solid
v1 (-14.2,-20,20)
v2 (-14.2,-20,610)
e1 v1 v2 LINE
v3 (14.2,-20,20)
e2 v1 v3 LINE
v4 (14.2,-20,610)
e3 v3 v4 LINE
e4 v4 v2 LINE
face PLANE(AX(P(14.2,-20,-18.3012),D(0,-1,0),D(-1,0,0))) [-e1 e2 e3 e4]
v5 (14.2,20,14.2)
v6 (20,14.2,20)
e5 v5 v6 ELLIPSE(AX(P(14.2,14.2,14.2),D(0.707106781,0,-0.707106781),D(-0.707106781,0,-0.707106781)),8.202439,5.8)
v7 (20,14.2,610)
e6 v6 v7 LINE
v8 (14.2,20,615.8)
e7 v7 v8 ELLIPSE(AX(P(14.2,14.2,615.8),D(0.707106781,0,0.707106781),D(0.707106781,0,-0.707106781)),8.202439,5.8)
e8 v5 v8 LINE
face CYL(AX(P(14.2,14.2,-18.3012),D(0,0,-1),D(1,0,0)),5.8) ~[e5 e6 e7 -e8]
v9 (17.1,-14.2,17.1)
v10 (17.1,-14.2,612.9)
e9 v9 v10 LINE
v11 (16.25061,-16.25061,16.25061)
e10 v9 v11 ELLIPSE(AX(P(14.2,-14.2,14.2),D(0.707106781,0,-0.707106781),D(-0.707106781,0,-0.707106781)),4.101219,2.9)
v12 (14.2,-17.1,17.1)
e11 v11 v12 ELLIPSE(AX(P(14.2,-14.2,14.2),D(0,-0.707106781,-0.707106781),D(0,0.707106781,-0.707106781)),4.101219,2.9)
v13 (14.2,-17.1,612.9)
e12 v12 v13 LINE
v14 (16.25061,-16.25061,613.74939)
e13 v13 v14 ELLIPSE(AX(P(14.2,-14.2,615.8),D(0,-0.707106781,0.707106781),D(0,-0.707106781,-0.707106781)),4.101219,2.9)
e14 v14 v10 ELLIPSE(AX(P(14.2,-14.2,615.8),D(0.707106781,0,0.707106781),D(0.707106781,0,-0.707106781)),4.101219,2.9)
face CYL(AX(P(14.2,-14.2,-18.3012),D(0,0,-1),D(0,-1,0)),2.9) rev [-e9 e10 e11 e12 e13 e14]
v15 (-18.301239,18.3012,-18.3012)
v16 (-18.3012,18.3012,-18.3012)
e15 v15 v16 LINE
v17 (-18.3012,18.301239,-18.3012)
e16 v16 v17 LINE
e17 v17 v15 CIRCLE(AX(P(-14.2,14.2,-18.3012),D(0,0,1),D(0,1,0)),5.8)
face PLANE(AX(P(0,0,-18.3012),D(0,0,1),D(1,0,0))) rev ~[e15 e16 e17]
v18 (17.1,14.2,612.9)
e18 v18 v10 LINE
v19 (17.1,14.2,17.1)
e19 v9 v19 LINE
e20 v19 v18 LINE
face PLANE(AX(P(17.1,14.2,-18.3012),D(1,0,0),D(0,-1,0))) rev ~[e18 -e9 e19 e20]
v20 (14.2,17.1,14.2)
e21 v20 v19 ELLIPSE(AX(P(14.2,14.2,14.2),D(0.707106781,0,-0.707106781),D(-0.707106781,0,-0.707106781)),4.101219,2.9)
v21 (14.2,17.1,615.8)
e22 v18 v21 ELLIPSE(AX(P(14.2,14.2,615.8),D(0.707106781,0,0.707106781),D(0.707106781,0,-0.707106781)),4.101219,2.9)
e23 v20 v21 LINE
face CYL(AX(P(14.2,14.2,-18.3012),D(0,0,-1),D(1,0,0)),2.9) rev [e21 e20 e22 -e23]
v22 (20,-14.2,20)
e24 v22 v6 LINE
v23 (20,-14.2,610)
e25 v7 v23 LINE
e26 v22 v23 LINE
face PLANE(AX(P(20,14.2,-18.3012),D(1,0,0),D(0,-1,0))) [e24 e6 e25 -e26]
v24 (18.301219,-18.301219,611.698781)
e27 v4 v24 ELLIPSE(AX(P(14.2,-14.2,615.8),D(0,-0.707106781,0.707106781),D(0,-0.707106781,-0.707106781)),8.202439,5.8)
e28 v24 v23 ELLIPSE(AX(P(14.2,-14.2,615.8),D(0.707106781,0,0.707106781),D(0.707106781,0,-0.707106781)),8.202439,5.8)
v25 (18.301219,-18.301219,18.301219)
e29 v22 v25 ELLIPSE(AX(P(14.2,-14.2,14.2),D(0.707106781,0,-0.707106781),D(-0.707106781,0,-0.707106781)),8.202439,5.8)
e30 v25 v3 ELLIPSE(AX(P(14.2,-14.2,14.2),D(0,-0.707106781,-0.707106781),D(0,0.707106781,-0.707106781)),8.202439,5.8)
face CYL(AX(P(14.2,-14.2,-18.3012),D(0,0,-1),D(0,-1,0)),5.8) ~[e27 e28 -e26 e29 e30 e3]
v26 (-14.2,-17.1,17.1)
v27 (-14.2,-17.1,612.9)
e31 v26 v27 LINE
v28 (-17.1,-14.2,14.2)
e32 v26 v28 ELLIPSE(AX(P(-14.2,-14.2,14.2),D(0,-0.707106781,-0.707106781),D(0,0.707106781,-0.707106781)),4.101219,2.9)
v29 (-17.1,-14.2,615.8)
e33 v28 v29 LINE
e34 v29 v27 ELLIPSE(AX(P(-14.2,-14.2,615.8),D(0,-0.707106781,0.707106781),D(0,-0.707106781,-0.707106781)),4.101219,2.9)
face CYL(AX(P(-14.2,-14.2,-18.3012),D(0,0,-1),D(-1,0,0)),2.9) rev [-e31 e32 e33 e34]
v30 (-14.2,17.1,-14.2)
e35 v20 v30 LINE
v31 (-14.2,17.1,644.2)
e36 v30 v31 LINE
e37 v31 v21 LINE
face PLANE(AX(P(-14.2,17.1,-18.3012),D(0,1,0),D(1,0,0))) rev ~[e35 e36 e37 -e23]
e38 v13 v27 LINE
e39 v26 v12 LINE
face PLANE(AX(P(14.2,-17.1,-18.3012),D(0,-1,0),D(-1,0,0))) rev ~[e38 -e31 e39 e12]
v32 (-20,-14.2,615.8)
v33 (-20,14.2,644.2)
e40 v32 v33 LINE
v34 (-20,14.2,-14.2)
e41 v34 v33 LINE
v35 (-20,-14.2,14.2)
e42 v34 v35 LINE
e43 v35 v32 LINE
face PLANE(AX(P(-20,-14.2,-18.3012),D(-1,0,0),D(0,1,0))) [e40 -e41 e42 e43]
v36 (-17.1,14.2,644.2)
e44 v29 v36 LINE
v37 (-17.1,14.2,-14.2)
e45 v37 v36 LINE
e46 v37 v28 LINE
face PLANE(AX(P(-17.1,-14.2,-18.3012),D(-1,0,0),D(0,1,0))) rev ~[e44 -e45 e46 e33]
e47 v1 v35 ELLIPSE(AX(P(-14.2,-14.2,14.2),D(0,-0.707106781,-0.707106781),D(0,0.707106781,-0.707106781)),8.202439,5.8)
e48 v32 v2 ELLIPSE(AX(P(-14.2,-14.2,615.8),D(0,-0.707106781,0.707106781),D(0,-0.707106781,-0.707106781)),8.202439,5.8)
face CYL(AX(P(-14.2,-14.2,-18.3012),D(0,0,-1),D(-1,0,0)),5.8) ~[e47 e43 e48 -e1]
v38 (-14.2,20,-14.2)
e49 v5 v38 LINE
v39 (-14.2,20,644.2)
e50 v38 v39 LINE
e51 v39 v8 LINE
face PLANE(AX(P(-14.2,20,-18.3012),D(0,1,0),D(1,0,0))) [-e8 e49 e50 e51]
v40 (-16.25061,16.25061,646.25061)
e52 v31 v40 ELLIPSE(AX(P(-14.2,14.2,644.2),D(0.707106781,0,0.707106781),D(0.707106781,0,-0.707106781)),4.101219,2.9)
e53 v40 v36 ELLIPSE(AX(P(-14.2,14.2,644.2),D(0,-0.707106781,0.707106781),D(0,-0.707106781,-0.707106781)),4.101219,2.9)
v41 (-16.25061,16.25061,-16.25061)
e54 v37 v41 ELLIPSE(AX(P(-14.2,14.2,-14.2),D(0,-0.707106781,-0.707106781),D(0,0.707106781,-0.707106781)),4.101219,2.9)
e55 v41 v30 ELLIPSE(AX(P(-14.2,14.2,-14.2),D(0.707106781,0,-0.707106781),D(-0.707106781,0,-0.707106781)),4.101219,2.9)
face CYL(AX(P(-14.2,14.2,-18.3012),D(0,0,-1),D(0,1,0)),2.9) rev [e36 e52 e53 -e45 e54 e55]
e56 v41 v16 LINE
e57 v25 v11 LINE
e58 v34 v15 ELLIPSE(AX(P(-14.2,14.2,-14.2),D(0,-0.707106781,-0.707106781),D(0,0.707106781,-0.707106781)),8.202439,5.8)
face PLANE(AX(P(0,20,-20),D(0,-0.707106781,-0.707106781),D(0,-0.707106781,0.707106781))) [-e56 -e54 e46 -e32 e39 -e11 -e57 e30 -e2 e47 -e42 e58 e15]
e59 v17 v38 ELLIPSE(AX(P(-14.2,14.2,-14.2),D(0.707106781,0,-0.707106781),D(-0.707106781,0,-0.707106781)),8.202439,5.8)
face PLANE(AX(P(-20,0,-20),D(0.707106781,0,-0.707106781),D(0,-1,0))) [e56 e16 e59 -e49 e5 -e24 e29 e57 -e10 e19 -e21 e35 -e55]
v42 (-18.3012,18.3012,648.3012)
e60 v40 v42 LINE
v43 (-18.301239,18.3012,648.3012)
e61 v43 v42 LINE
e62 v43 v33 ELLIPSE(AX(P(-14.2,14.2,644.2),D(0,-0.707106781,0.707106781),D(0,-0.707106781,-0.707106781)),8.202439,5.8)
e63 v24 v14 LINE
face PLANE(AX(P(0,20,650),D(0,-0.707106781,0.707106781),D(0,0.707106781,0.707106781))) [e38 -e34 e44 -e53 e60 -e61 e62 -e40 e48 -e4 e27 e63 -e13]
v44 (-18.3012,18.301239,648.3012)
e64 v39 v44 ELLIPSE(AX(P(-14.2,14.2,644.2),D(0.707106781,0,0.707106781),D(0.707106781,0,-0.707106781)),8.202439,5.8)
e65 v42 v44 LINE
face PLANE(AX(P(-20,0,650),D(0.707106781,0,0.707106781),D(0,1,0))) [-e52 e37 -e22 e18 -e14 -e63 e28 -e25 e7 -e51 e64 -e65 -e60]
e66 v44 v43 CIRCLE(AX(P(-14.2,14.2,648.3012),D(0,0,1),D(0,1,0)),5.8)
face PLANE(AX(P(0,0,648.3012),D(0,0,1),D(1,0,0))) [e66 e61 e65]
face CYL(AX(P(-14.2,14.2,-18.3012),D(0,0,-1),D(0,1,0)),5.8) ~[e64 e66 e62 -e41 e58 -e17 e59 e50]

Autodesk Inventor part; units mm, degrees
ref_plane "Plano inicial" through (0, 0, -18.3012) normal (0, 0, 1) x (1, 0, 0)
ref_plane "Plano final" through (0, 0, 648.3012) normal (0, 0, 1) x (1, 0, 0)
sketch "Boceto" plane through (0, 0, 0) normal (0, 0, 1) x (1, 0, 0)
  line L0 (-14.2, 20) -> (14.2, 20)
  line L1 (20, 14.2) -> (20, -14.2)
  line L2 (14.2, -20) -> (-14.2, -20)
  line L3 (-20, -14.2) -> (-20, 14.2)
  arc A0 (-14.2, 20) -> (-20, 14.2) centre (-14.2, 14.2) ccw
  arc A1 (20, 14.2) -> (14.2, 20) centre (14.2, 14.2) ccw
  arc A2 (14.2, -20) -> (20, -14.2) centre (14.2, -14.2) ccw
  arc A3 (-20, -14.2) -> (-14.2, -20) centre (-14.2, -14.2) ccw
  line L4 (-29.6817, 0) -> (29.6817, 0) construction
  line L5 (0, -29.6817) -> (0, 29.6817) construction
  arc A4 (-14.2, 17.1) -> (-17.1, 14.2) centre (-14.2, 14.2) ccw
  line L6 (-14.2, 17.1) -> (14.2, 17.1)
  arc A5 (17.1, 14.2) -> (14.2, 17.1) centre (14.2, 14.2) ccw
  line L7 (17.1, 14.2) -> (17.1, -14.2)
  arc A6 (14.2, -17.1) -> (17.1, -14.2) centre (14.2, -14.2) ccw
  line L8 (14.2, -17.1) -> (-14.2, -17.1)
  arc A7 (-17.1, -14.2) -> (-14.2, -17.1) centre (-14.2, -14.2) ccw
  line L9 (-17.1, -14.2) -> (-17.1, 14.2)
  point P0 (-20, 20)
  point P1 (20, -20)
  point P2 (20, 20)
  dimension "b" = 40
  dimension "msp_r" = 5.8
  dimension "d8" = 20
  dimension "d9" = 20
  dimension "d10" = 2.9
extrude "Cuerpo" add sketch "Boceto" along normal up to surface (666.6024 mm away) from surface at -18.3012
sketch "Sketch2" plane through (0, 0, 0) normal (0, 0, 1) x (1, 0, 0)
  line L0 (0, 0) -> (10, 0)
ref_plane "Work Plane3" through (0, 0, 0) normal (0, -1, 0) x (1, 0, 0)
sketch "Sketch3" plane through (0, 0, 0) normal (0, -1, 0) x (1, 0, 0)
  line L0 (-2, -18.3012) -> (12, -18.3012)
  line L1 (-2, 648.3012) -> (12, 648.3012)
  dimension "d14" = 666.6024
ref_plane "Plano de trabajo4" through (-20, 0, -20) normal (0.7071, 0, -0.7071) x (-0.7071, 0, -0.7071)
split "Dividir1" plane through (-20, 0, -20) removes the side toward (0.7071, 0, -0.7071)
ref_plane "Plano de trabajo5" through (0, 20, -20) normal (0, -0.7071, -0.7071) x (1, 0, 0)
split "Dividir2" plane through (0, 20, -20) removes the side toward (0, -0.7071, -0.7071)
ref_plane "Plano de trabajo6" through (0, 20, 650) normal (0, -0.7071, 0.7071) x (1, 0, 0)
split "Dividir3" plane through (0, 20, 650) removes the side toward (0, -0.7071, 0.7071)
ref_plane "Plano de trabajo7" through (-20, 0, 650) normal (0.7071, 0, 0.7071) x (0.7071, 0, -0.7071)
split "Dividir4" plane through (-20, 0, 650) removes the side toward (0.7071, 0, 0.7071)
equation "\"msp_r\" = 2 * ParT"
equation "\"d8\" = d9"
equation "\"d9\" = 0.5 * b"
equation "\"d10\" = ParT"
equation "\"G_OFFSET_START\" = 18.30122"
equation "\"G_OFFSET_END\" = 18.30122"
equation "\"d11\" = -G_OFFSET_START"
equation "\"d12\" = G_OFFSET_END + B_L"
equation "\"G_L\" = d14"
equation "\"ParT\" = 2.9"
equation "\"B_L\" = 630"
properties part number "DIN 59 410 - 40x40x2.9-666.602" material "Acero, suave"
